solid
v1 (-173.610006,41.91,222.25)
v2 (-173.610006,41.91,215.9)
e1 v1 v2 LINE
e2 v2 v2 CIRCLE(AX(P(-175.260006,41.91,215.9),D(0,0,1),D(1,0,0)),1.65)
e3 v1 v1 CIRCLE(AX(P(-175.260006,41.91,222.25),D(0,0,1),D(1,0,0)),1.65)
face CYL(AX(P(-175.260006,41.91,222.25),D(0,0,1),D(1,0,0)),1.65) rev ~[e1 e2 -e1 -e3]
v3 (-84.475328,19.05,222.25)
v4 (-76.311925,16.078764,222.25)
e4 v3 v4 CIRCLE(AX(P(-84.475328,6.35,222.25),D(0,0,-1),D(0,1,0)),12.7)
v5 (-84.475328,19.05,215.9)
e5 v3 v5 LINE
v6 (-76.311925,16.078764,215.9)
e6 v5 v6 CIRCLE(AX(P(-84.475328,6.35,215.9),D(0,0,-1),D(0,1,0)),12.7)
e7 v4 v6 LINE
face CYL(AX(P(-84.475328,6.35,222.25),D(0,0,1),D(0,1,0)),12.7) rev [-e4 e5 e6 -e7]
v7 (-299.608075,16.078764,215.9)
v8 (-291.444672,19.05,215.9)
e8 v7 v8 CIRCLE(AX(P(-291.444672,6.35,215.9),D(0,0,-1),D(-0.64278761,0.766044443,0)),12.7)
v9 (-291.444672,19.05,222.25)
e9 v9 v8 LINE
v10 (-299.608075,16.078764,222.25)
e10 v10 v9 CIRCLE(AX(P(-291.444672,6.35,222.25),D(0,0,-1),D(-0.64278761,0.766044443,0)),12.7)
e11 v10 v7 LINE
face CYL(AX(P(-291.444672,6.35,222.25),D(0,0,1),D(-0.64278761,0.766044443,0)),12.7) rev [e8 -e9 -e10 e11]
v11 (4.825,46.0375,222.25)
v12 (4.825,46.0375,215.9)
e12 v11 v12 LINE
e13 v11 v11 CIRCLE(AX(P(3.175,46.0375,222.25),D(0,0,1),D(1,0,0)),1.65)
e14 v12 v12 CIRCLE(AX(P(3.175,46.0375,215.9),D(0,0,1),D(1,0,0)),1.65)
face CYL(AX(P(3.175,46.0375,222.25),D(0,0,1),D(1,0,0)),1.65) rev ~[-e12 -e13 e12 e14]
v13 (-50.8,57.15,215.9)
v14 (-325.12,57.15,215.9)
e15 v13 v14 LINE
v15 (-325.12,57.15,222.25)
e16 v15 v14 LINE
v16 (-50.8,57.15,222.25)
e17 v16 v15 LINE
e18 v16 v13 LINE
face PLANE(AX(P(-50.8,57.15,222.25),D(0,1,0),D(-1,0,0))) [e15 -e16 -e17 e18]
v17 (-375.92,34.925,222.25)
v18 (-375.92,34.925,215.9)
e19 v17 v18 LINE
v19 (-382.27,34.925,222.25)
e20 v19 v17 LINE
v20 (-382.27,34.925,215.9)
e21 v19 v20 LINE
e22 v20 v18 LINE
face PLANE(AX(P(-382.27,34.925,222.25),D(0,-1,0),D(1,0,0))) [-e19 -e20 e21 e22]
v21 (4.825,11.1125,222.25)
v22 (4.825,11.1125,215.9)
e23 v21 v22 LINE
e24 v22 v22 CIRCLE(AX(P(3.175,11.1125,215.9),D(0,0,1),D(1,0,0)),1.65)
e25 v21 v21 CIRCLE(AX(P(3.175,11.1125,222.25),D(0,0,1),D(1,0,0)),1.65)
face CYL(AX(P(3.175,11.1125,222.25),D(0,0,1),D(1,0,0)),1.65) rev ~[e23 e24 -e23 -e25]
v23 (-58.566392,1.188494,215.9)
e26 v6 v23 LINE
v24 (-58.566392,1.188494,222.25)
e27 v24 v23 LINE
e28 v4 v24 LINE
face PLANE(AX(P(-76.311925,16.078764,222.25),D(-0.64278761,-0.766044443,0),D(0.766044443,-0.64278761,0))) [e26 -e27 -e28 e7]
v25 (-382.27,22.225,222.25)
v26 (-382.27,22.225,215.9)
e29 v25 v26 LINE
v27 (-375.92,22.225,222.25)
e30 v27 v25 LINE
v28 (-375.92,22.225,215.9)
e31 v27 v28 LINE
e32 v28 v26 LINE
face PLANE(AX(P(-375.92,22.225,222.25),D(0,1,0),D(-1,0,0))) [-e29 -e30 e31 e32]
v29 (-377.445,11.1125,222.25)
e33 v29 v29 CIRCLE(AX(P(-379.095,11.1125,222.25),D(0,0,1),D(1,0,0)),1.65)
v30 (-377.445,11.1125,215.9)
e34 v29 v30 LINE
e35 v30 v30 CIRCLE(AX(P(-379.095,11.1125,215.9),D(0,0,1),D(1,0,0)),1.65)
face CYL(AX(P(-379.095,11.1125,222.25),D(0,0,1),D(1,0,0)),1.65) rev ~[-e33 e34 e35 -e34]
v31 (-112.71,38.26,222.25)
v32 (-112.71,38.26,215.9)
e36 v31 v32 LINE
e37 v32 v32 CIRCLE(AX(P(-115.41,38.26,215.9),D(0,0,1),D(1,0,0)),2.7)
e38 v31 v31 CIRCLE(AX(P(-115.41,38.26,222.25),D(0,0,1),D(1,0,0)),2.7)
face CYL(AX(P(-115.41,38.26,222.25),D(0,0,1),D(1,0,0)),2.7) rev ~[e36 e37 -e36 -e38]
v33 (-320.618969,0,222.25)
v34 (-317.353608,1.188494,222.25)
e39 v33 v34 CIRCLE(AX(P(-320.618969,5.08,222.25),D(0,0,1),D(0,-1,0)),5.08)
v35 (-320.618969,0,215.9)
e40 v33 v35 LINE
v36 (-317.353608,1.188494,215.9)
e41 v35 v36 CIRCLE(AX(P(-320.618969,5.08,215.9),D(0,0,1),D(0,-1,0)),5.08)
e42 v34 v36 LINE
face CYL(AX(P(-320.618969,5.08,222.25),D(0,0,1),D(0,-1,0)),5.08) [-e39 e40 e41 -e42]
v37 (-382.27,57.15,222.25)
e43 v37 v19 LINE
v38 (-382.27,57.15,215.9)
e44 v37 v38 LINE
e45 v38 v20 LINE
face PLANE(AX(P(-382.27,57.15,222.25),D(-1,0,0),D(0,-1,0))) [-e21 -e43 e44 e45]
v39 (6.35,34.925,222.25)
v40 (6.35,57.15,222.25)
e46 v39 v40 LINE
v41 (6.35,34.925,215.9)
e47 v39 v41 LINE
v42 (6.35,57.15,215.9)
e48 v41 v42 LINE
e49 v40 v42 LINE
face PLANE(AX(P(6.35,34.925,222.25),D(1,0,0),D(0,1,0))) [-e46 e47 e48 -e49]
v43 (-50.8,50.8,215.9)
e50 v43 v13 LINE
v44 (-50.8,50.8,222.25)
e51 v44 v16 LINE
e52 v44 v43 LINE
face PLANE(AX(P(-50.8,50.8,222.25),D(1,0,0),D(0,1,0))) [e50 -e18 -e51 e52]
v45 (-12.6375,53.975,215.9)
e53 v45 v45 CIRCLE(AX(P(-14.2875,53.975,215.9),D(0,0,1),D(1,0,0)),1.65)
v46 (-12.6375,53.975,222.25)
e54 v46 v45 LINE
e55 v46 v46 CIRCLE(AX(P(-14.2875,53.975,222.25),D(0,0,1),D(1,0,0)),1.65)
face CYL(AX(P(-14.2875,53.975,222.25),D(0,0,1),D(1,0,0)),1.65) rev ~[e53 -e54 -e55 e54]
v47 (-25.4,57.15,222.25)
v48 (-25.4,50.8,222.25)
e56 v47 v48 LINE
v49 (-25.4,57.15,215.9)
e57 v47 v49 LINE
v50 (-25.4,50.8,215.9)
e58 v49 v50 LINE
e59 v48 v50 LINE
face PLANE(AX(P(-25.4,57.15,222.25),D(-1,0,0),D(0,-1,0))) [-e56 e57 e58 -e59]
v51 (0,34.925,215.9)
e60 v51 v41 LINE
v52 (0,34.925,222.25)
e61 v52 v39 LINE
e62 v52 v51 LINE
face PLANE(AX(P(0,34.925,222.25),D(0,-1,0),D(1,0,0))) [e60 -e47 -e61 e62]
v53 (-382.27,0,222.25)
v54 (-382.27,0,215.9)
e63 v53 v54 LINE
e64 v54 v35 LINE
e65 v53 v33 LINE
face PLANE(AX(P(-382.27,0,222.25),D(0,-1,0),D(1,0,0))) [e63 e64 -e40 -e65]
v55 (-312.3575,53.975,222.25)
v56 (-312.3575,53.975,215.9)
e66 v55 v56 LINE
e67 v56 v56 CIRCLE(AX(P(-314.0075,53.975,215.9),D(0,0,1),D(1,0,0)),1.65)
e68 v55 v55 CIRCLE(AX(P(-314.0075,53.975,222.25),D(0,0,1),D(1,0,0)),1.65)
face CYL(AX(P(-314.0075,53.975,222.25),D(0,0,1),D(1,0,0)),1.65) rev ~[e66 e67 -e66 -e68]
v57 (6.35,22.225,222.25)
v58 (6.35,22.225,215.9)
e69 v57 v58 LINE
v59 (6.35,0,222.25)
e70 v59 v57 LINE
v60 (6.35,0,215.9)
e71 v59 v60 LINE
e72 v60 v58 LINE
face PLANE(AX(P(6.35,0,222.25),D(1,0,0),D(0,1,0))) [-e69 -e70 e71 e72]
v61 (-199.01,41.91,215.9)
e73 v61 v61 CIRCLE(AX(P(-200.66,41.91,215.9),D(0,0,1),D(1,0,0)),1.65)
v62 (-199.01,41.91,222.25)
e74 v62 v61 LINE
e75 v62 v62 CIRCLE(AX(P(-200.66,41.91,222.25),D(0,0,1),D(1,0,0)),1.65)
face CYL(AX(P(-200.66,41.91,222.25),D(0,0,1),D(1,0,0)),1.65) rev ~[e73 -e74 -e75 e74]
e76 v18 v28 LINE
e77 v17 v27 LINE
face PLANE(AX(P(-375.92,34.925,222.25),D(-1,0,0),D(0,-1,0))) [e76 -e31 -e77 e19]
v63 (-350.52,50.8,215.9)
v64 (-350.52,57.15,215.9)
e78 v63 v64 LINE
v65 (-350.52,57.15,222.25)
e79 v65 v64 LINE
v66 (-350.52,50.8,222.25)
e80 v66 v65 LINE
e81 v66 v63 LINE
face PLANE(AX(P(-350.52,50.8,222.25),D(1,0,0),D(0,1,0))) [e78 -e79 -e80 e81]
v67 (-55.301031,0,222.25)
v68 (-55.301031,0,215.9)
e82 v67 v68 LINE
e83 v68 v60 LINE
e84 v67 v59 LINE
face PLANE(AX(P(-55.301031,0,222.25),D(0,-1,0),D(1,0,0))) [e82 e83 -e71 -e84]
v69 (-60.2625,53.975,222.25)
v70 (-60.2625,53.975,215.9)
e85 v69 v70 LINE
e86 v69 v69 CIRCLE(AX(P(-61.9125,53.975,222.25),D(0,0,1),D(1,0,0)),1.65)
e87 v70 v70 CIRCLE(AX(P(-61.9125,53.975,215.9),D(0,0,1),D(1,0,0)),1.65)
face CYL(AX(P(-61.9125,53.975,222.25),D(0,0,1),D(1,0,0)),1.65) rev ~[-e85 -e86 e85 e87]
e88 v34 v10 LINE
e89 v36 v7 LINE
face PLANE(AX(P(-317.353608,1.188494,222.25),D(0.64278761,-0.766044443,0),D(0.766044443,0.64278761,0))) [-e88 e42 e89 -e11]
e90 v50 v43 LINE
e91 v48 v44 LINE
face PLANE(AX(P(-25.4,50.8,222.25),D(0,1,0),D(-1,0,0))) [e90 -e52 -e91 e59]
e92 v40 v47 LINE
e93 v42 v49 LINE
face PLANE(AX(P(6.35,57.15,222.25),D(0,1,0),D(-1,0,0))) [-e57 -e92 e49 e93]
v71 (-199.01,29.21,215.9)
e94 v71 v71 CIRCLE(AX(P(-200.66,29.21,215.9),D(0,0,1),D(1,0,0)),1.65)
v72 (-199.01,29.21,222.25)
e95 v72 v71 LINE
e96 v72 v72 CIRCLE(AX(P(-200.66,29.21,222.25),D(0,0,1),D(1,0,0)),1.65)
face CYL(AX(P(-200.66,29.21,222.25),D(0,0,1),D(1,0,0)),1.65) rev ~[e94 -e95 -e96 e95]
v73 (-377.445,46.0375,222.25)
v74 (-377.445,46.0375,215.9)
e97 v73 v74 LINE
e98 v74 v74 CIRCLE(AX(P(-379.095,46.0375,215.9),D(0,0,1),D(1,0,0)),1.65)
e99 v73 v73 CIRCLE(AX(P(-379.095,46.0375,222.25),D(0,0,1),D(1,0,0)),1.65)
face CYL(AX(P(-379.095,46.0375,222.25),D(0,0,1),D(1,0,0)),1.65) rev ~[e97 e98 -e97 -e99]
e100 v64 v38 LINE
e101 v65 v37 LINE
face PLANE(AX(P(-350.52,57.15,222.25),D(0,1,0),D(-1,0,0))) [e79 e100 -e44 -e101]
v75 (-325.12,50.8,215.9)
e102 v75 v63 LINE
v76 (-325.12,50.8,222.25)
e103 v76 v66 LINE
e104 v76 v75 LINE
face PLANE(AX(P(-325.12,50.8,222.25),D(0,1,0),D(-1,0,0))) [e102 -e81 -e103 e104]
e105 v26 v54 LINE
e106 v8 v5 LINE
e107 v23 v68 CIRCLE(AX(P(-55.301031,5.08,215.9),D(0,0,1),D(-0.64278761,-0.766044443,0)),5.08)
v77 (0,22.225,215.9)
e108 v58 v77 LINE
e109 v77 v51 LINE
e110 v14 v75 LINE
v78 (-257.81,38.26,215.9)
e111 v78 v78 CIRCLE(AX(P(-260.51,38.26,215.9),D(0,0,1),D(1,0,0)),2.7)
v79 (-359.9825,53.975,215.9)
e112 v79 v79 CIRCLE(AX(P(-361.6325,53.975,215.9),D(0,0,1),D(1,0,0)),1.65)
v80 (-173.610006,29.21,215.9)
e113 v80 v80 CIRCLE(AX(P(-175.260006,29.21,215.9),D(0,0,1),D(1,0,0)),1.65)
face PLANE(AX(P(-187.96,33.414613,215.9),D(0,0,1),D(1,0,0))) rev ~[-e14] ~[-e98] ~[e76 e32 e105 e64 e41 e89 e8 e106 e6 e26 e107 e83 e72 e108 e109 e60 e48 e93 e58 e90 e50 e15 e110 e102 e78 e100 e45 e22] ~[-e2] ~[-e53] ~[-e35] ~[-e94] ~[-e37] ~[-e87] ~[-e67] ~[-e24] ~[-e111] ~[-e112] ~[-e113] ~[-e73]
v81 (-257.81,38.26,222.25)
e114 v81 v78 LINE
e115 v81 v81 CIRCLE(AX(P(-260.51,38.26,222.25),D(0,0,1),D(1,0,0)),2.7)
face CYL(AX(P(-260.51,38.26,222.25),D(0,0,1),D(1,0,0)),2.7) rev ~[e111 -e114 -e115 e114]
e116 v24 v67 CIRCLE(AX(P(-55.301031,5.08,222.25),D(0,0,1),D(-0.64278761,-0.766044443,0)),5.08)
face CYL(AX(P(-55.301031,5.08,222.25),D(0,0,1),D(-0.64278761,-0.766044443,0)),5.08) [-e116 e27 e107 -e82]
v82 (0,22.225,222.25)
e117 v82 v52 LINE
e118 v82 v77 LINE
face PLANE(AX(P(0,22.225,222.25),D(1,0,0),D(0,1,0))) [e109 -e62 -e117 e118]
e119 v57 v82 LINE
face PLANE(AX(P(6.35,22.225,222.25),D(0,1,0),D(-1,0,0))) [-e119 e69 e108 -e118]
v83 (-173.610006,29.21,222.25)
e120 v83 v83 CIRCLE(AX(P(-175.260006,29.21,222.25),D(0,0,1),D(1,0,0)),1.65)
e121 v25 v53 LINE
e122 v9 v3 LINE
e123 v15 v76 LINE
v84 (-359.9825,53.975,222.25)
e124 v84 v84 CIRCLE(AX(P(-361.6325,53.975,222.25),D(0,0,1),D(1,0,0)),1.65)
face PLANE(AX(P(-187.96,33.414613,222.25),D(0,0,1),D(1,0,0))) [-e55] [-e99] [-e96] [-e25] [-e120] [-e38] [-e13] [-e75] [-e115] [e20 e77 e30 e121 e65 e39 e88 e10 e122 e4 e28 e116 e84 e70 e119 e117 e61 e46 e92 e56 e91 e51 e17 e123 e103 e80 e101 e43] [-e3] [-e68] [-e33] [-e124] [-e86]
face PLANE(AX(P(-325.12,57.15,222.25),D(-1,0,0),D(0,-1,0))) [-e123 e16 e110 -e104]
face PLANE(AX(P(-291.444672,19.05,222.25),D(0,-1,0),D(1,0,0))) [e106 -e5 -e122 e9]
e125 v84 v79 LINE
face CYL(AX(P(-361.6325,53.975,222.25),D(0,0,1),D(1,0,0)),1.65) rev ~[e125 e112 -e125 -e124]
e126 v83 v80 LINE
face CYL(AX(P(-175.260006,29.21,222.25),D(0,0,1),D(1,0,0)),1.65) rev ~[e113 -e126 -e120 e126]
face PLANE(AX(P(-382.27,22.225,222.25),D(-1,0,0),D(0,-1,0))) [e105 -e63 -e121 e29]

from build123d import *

# Parameters (mm, degrees)
SKETCH1_R           = 1.65
SKETCH1_R_2         = 2.7
BOSS_EXTRUDE1_DEPTH = 6.35


with BuildPart() as part:
    # Sketch1 → Boss-Extrude1 (new body)
    with BuildSketch(Plane.XY.offset(222.25)):
        with BuildLine():
            Line((-25.4, 57.15), (-25.4, 50.8))
            Line((-25.4, 50.8), (-50.8, 50.8))
            Line((-50.8, 50.8), (-50.8, 57.15))
            Line((-50.8, 57.15), (-325.12, 57.15))
            Line((-325.12, 57.15), (-325.12, 50.8))
            Line((-325.12, 50.8), (-350.52, 50.8))
            Line((-350.52, 50.8), (-350.52, 57.15))
            Line((-350.52, 57.15), (-382.27, 57.15))
            Line((-382.27, 57.15), (-382.27, 34.925))
            Line((-382.27, 34.925), (-375.92, 34.925))
            Line((-375.92, 34.925), (-375.92, 22.225))
            Line((-375.92, 22.225), (-382.27, 22.225))
            Line((-382.27, 22.225), (-382.27, 0))
            Line((-382.27, 0), (-320.61896879, 0))
            ThreePointArc((-320.61896879, 0), (-318.881506462, 0.306361486), (-317.353607733, 1.188494229))
            Line((-317.353607733, 1.188494229), (-299.608074729, 16.078764428))
            ThreePointArc((-299.608074729, 16.078764428), (-295.788327906, 18.284096284), (-291.444672086, 19.05))
            Line((-291.444672086, 19.05), (-84.475327914, 19.05))
            ThreePointArc((-84.475327914, 19.05), (-80.131672094, 18.284096284), (-76.311925271, 16.078764428))
            Line((-76.311925271, 16.078764428), (-58.566392267, 1.188494229))
            ThreePointArc((-58.566392267, 1.188494229), (-57.038493538, 0.306361486), (-55.30103121, 0))
            Line((-55.30103121, 0), (6.35, 0))
            Line((6.35, 0), (6.35, 22.225))
            Line((6.35, 22.225), (0, 22.225))
            Line((0, 22.225), (0, 34.925))
            Line((0, 34.925), (6.35, 34.925))
            Line((6.35, 34.925), (6.35, 57.15))
            Line((6.35, 57.15), (-25.4, 57.15))
        make_face()
        with Locations((-379.095, 11.1125)):
            Circle(SKETCH1_R, mode=Mode.SUBTRACT)
        with Locations((3.175, 11.1125)):
            Circle(SKETCH1_R, mode=Mode.SUBTRACT)
        with Locations((-379.095, 46.0375)):
            Circle(SKETCH1_R, mode=Mode.SUBTRACT)
        with Locations((3.175, 46.0375)):
            Circle(SKETCH1_R, mode=Mode.SUBTRACT)
        with Locations((-175.260005593, 41.91)):
            Circle(SKETCH1_R, mode=Mode.SUBTRACT)
        with Locations((-200.66, 41.91)):
            Circle(SKETCH1_R, mode=Mode.SUBTRACT)
        with Locations((-175.260005593, 29.21)):
            Circle(SKETCH1_R, mode=Mode.SUBTRACT)
        with Locations((-200.66, 29.21)):
            Circle(SKETCH1_R, mode=Mode.SUBTRACT)
        with Locations((-14.2875, 53.975)):
            Circle(SKETCH1_R, mode=Mode.SUBTRACT)
        with Locations((-361.6325, 53.975)):
            Circle(SKETCH1_R, mode=Mode.SUBTRACT)
        with Locations((-61.9125, 53.975)):
            Circle(SKETCH1_R, mode=Mode.SUBTRACT)
        with Locations((-314.0075, 53.975)):
            Circle(SKETCH1_R, mode=Mode.SUBTRACT)
        with Locations((-115.41, 38.26)):
            Circle(SKETCH1_R_2, mode=Mode.SUBTRACT)
        with Locations((-260.51, 38.26)):
            Circle(SKETCH1_R_2, mode=Mode.SUBTRACT)
    extrude(amount=-BOSS_EXTRUDE1_DEPTH)


solid = part.part
